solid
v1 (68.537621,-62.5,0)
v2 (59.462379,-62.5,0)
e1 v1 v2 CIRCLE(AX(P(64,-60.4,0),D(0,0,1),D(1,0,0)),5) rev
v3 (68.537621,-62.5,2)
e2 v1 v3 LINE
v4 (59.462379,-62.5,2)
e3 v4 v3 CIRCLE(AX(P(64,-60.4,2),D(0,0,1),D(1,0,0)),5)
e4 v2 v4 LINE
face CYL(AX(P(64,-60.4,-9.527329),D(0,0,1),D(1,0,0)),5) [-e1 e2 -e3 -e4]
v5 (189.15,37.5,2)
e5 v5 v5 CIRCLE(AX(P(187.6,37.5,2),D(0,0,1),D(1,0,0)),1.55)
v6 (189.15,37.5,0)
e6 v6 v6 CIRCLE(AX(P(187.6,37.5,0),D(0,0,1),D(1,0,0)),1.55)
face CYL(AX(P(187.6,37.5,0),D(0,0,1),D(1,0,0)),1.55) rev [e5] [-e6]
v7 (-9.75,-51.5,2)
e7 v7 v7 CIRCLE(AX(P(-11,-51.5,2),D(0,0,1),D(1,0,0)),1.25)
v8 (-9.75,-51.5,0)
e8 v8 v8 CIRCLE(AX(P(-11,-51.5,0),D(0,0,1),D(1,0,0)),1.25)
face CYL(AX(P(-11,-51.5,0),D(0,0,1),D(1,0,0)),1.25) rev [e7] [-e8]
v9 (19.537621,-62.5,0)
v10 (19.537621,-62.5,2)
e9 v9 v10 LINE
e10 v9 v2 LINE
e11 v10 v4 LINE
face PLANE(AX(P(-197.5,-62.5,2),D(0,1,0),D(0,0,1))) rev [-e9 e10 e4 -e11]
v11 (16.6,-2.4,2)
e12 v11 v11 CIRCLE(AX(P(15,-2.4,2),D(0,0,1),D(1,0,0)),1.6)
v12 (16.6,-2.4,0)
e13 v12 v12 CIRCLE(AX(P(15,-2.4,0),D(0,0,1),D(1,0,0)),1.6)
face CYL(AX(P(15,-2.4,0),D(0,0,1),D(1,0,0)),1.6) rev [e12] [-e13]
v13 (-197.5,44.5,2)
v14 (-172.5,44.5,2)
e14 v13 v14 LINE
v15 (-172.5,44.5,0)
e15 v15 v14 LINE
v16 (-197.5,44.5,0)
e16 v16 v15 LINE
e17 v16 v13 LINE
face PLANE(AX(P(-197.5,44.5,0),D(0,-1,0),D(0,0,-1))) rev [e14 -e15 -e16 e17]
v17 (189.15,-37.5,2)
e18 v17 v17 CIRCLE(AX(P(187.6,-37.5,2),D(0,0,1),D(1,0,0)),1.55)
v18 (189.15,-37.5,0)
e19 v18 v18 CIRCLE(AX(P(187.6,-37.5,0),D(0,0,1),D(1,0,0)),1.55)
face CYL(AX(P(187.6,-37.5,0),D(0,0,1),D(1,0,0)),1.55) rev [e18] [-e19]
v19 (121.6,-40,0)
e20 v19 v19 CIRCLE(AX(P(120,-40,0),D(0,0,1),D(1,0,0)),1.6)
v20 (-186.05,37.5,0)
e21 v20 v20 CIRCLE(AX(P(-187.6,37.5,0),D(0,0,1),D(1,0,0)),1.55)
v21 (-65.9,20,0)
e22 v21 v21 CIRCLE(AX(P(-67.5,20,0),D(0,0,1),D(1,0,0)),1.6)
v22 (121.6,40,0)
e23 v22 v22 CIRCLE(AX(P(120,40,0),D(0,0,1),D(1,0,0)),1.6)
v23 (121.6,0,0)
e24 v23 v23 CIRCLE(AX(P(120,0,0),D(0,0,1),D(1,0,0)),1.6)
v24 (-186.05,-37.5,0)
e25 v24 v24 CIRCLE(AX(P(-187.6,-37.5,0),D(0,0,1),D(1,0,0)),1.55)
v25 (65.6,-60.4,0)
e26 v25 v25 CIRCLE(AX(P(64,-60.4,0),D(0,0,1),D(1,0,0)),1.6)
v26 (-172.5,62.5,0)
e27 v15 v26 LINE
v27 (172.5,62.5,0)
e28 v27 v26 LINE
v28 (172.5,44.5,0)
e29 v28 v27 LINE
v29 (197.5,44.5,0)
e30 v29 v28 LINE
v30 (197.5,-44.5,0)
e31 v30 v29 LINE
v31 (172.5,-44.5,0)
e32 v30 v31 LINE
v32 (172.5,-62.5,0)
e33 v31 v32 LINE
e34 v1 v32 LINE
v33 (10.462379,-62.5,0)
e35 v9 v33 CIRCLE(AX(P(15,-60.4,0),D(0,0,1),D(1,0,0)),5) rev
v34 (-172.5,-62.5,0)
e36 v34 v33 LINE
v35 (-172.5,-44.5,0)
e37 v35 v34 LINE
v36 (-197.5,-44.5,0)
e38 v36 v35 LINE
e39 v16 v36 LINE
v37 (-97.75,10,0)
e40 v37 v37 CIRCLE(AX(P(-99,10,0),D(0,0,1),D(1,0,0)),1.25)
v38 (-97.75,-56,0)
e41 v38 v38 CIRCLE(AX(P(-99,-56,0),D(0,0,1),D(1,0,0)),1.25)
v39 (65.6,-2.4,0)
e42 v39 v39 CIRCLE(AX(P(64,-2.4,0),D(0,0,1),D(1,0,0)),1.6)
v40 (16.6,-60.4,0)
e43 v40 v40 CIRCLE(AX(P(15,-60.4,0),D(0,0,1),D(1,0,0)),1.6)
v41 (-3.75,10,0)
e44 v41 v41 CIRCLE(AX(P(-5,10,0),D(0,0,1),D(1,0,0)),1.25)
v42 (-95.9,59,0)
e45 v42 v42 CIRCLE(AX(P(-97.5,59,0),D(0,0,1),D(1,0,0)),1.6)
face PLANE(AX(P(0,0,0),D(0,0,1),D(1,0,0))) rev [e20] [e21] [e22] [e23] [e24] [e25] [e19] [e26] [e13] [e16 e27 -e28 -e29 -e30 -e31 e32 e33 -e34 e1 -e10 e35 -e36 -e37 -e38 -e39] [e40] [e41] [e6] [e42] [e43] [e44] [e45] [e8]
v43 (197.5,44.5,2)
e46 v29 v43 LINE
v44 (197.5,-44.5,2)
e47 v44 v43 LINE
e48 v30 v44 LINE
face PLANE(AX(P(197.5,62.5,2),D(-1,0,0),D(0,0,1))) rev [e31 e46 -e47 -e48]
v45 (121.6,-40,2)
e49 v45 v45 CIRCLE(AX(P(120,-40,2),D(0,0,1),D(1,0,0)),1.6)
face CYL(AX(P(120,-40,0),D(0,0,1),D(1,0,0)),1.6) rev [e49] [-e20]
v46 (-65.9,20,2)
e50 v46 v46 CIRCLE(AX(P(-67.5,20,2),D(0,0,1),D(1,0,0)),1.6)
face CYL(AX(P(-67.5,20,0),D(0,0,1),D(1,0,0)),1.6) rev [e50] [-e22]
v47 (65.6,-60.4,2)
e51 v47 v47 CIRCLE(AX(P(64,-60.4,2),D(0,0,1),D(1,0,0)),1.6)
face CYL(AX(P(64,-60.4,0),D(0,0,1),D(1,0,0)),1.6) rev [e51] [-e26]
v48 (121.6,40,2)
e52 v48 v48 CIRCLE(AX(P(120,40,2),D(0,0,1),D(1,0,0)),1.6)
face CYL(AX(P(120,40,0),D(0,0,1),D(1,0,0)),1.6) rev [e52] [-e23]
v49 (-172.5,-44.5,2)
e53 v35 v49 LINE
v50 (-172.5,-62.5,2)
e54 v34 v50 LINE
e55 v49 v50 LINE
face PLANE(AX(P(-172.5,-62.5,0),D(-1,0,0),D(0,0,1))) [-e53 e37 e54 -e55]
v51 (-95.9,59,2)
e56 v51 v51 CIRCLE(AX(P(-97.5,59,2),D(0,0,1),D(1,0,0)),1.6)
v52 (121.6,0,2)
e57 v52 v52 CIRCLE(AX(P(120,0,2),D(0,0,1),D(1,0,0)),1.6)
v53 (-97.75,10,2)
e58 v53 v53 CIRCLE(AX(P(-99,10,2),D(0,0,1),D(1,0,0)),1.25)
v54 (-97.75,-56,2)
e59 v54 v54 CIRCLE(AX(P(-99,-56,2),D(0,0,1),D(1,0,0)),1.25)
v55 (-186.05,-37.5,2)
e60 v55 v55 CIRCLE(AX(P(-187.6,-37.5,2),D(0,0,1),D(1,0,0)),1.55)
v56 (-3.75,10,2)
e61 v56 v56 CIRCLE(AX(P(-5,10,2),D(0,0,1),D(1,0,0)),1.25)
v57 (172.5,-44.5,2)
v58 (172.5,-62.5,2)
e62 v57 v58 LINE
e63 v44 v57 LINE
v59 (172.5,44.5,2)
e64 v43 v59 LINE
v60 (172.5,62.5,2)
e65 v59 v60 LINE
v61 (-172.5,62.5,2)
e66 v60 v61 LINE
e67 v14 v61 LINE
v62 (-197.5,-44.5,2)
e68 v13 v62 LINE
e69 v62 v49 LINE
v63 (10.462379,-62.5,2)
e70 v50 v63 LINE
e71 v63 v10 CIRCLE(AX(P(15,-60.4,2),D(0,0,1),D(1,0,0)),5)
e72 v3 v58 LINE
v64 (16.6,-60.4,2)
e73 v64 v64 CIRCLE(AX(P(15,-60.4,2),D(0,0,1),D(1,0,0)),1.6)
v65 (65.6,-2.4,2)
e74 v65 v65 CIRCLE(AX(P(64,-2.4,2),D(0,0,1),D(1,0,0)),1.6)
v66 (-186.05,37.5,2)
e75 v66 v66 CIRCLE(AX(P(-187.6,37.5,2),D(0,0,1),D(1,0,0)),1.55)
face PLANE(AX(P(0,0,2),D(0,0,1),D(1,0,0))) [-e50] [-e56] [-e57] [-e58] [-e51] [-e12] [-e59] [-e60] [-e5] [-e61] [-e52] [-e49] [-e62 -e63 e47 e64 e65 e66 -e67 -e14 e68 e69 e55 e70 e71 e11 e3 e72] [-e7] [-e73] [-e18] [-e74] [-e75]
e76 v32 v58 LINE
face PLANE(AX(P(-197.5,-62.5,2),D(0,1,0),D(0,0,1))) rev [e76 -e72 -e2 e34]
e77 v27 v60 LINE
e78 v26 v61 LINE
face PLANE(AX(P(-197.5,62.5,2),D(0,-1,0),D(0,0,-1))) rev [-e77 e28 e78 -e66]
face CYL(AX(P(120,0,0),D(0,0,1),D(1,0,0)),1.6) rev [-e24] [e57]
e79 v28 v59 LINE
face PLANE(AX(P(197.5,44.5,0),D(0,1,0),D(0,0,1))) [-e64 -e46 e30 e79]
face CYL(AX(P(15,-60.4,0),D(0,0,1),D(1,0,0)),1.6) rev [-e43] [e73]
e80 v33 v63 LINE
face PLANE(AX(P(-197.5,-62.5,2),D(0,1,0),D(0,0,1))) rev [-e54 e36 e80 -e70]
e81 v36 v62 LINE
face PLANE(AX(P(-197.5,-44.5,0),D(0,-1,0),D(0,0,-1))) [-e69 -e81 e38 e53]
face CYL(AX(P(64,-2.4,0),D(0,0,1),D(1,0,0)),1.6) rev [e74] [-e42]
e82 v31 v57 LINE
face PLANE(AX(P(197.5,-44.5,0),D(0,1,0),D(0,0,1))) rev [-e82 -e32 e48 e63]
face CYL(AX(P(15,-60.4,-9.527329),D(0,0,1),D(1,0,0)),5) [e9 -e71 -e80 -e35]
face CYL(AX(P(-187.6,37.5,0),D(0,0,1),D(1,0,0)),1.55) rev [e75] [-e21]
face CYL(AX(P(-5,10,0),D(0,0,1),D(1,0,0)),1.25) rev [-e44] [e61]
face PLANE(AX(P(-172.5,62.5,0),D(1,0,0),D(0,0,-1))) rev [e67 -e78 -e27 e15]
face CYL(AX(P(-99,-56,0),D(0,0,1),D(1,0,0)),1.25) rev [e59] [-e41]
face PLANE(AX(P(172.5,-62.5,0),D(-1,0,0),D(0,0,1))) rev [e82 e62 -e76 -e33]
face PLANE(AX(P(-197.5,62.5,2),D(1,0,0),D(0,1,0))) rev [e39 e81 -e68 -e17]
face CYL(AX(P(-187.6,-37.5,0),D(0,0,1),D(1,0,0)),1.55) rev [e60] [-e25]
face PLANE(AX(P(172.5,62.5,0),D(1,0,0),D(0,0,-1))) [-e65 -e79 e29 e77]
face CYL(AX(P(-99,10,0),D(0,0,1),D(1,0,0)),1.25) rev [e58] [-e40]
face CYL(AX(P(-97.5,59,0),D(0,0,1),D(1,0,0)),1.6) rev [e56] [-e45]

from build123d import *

# Parameters (mm, degrees)
SKETCH1_W               = 395
SKETCH1_H               = 125
BOSS_EXTRUDE1_DEPTH     = 2
SKETCH2_R               = 1.55
FIXING_HOLES_DEPTH      = 208.162979318
SKETCH3_W               = 25
SKETCH3_H               = 18
CUT_EXTRUDE2_DEPTH      = 208.162979318
MIRROR2_COPY_1_SKETCH_W = 25
MIRROR2_COPY_1_SKETCH_H = 18
MIRROR2_COPY_1_DEPTH    = 208.162979318
SKETCH4_R               = 1.25
CAVE_BOARD_HOLES_DEPTH  = 208.162979318
SKETCH5_R               = 1.6
RPI_HOLES_DEPTH         = 208.162979318
SKETCH6_R               = 1.6
BUZZER_HOLES_DEPTH      = 208.162979318
SKETCH7_R               = 1.6
RELAYS_HOLES_DEPTH      = 208.162979318
BOSS_EXTRUDE2_DEPTH     = 2


with BuildPart() as part:
    # Sketch1 → Boss-Extrude1 (new body)
    with BuildSketch(Plane.XY):
        Rectangle(SKETCH1_W, SKETCH1_H)
    extrude(amount=BOSS_EXTRUDE1_DEPTH)

    # Sketch2 → Fixing_holes (cut, through all)
    with BuildSketch(Plane.XY.offset(2)):
        with Locations((-187.6, 37.5)):
            Circle(SKETCH2_R)
        with Locations((-187.6, -37.5)):
            Circle(SKETCH2_R)
        with Locations((187.6, 37.5)):
            Circle(SKETCH2_R)
        with Locations((187.6, -37.5)):
            Circle(SKETCH2_R)
    extrude(amount=-FIXING_HOLES_DEPTH, mode=Mode.SUBTRACT)

    # Sketch3 → Cut-Extrude2 (cut, through all)
    with BuildSketch(Plane.XY.offset(2)):
        with Locations((-185, 53.5)):
            Rectangle(SKETCH3_W, SKETCH3_H)
    cut_extrude2 = extrude(amount=-CUT_EXTRUDE2_DEPTH, mode=Mode.SUBTRACT)

    # Mirror1: Cut-Extrude2 across plane
    add(cut_extrude2.mirror(Plane.ZX), mode=Mode.SUBTRACT)

    # Mirror2: Cut-Extrude2 across plane
    add(cut_extrude2.mirror(Plane(origin=(0, 0, 0), x_dir=(0, 0, 1), z_dir=(1, 0, 0))), mode=Mode.SUBTRACT)

    # Mirror2 copy 1 sketch → Mirror2 copy 1 (cut, through all)
    with BuildSketch(Plane(origin=(0, 0, 2), x_dir=(-1, 0, 0), z_dir=(0, 0, 1))):
        with Locations((-185, 53.5)):
            Rectangle(MIRROR2_COPY_1_SKETCH_W, MIRROR2_COPY_1_SKETCH_H)
    extrude(amount=-MIRROR2_COPY_1_DEPTH, mode=Mode.SUBTRACT)

    # Sketch4 → Cave_board_holes (cut, through all)
    with BuildSketch(Plane.XY.offset(2)):
        with Locations((-99, 10)):
            Circle(SKETCH4_R)
        with Locations((-99, -56)):
            Circle(SKETCH4_R)
        with Locations((-5, 10)):
            Circle(SKETCH4_R)
        with Locations((-11, -51.5)):
            Circle(SKETCH4_R)
    extrude(amount=-CAVE_BOARD_HOLES_DEPTH, mode=Mode.SUBTRACT)

    # Sketch5 → RPi_holes (cut, through all)
    with BuildSketch(Plane.XY.offset(2)):
        with Locations((15, -2.4)):
            Circle(SKETCH5_R)
        with Locations((15, -60.4)):
            Circle(SKETCH5_R)
        with Locations((64, -2.4)):
            Circle(SKETCH5_R)
        with Locations((64, -60.4)):
            Circle(SKETCH5_R)
    extrude(amount=-RPI_HOLES_DEPTH, mode=Mode.SUBTRACT)

    # Sketch6 → buzzer_holes (cut, through all)
    with BuildSketch(Plane.XY.offset(2)):
        with Locations((-97.5, 59)):
            Circle(SKETCH6_R)
        with Locations((-67.5, 20)):
            Circle(SKETCH6_R)
    extrude(amount=-BUZZER_HOLES_DEPTH, mode=Mode.SUBTRACT)

    # Sketch7 → relays_holes (cut, through all)
    with BuildSketch(Plane.XY.offset(2)):
        with Locations((120, 0)):
            Circle(SKETCH7_R)
        with Locations((120, 40)):
            Circle(SKETCH7_R)
        with Locations((120, -40)):
            Circle(SKETCH7_R)
    extrude(amount=-RELAYS_HOLES_DEPTH, mode=Mode.SUBTRACT)

    # Sketch8 → Boss-Extrude2 (add)
    with BuildSketch(Plane.XY.offset(2)):
        with BuildLine():
            Line((10.462379478, -62.5), (19.537620522, -62.5))
            ThreePointArc((19.537620522, -62.5), (15, -65.4), (10.462379478, -62.5))
        make_face()
        with BuildLine():
            Line((59.462379478, -62.5), (68.537620522, -62.5))
            ThreePointArc((68.537620522, -62.5), (64, -65.4), (59.462379478, -62.5))
        make_face()
    extrude(amount=-BOSS_EXTRUDE2_DEPTH)


solid = part.part
